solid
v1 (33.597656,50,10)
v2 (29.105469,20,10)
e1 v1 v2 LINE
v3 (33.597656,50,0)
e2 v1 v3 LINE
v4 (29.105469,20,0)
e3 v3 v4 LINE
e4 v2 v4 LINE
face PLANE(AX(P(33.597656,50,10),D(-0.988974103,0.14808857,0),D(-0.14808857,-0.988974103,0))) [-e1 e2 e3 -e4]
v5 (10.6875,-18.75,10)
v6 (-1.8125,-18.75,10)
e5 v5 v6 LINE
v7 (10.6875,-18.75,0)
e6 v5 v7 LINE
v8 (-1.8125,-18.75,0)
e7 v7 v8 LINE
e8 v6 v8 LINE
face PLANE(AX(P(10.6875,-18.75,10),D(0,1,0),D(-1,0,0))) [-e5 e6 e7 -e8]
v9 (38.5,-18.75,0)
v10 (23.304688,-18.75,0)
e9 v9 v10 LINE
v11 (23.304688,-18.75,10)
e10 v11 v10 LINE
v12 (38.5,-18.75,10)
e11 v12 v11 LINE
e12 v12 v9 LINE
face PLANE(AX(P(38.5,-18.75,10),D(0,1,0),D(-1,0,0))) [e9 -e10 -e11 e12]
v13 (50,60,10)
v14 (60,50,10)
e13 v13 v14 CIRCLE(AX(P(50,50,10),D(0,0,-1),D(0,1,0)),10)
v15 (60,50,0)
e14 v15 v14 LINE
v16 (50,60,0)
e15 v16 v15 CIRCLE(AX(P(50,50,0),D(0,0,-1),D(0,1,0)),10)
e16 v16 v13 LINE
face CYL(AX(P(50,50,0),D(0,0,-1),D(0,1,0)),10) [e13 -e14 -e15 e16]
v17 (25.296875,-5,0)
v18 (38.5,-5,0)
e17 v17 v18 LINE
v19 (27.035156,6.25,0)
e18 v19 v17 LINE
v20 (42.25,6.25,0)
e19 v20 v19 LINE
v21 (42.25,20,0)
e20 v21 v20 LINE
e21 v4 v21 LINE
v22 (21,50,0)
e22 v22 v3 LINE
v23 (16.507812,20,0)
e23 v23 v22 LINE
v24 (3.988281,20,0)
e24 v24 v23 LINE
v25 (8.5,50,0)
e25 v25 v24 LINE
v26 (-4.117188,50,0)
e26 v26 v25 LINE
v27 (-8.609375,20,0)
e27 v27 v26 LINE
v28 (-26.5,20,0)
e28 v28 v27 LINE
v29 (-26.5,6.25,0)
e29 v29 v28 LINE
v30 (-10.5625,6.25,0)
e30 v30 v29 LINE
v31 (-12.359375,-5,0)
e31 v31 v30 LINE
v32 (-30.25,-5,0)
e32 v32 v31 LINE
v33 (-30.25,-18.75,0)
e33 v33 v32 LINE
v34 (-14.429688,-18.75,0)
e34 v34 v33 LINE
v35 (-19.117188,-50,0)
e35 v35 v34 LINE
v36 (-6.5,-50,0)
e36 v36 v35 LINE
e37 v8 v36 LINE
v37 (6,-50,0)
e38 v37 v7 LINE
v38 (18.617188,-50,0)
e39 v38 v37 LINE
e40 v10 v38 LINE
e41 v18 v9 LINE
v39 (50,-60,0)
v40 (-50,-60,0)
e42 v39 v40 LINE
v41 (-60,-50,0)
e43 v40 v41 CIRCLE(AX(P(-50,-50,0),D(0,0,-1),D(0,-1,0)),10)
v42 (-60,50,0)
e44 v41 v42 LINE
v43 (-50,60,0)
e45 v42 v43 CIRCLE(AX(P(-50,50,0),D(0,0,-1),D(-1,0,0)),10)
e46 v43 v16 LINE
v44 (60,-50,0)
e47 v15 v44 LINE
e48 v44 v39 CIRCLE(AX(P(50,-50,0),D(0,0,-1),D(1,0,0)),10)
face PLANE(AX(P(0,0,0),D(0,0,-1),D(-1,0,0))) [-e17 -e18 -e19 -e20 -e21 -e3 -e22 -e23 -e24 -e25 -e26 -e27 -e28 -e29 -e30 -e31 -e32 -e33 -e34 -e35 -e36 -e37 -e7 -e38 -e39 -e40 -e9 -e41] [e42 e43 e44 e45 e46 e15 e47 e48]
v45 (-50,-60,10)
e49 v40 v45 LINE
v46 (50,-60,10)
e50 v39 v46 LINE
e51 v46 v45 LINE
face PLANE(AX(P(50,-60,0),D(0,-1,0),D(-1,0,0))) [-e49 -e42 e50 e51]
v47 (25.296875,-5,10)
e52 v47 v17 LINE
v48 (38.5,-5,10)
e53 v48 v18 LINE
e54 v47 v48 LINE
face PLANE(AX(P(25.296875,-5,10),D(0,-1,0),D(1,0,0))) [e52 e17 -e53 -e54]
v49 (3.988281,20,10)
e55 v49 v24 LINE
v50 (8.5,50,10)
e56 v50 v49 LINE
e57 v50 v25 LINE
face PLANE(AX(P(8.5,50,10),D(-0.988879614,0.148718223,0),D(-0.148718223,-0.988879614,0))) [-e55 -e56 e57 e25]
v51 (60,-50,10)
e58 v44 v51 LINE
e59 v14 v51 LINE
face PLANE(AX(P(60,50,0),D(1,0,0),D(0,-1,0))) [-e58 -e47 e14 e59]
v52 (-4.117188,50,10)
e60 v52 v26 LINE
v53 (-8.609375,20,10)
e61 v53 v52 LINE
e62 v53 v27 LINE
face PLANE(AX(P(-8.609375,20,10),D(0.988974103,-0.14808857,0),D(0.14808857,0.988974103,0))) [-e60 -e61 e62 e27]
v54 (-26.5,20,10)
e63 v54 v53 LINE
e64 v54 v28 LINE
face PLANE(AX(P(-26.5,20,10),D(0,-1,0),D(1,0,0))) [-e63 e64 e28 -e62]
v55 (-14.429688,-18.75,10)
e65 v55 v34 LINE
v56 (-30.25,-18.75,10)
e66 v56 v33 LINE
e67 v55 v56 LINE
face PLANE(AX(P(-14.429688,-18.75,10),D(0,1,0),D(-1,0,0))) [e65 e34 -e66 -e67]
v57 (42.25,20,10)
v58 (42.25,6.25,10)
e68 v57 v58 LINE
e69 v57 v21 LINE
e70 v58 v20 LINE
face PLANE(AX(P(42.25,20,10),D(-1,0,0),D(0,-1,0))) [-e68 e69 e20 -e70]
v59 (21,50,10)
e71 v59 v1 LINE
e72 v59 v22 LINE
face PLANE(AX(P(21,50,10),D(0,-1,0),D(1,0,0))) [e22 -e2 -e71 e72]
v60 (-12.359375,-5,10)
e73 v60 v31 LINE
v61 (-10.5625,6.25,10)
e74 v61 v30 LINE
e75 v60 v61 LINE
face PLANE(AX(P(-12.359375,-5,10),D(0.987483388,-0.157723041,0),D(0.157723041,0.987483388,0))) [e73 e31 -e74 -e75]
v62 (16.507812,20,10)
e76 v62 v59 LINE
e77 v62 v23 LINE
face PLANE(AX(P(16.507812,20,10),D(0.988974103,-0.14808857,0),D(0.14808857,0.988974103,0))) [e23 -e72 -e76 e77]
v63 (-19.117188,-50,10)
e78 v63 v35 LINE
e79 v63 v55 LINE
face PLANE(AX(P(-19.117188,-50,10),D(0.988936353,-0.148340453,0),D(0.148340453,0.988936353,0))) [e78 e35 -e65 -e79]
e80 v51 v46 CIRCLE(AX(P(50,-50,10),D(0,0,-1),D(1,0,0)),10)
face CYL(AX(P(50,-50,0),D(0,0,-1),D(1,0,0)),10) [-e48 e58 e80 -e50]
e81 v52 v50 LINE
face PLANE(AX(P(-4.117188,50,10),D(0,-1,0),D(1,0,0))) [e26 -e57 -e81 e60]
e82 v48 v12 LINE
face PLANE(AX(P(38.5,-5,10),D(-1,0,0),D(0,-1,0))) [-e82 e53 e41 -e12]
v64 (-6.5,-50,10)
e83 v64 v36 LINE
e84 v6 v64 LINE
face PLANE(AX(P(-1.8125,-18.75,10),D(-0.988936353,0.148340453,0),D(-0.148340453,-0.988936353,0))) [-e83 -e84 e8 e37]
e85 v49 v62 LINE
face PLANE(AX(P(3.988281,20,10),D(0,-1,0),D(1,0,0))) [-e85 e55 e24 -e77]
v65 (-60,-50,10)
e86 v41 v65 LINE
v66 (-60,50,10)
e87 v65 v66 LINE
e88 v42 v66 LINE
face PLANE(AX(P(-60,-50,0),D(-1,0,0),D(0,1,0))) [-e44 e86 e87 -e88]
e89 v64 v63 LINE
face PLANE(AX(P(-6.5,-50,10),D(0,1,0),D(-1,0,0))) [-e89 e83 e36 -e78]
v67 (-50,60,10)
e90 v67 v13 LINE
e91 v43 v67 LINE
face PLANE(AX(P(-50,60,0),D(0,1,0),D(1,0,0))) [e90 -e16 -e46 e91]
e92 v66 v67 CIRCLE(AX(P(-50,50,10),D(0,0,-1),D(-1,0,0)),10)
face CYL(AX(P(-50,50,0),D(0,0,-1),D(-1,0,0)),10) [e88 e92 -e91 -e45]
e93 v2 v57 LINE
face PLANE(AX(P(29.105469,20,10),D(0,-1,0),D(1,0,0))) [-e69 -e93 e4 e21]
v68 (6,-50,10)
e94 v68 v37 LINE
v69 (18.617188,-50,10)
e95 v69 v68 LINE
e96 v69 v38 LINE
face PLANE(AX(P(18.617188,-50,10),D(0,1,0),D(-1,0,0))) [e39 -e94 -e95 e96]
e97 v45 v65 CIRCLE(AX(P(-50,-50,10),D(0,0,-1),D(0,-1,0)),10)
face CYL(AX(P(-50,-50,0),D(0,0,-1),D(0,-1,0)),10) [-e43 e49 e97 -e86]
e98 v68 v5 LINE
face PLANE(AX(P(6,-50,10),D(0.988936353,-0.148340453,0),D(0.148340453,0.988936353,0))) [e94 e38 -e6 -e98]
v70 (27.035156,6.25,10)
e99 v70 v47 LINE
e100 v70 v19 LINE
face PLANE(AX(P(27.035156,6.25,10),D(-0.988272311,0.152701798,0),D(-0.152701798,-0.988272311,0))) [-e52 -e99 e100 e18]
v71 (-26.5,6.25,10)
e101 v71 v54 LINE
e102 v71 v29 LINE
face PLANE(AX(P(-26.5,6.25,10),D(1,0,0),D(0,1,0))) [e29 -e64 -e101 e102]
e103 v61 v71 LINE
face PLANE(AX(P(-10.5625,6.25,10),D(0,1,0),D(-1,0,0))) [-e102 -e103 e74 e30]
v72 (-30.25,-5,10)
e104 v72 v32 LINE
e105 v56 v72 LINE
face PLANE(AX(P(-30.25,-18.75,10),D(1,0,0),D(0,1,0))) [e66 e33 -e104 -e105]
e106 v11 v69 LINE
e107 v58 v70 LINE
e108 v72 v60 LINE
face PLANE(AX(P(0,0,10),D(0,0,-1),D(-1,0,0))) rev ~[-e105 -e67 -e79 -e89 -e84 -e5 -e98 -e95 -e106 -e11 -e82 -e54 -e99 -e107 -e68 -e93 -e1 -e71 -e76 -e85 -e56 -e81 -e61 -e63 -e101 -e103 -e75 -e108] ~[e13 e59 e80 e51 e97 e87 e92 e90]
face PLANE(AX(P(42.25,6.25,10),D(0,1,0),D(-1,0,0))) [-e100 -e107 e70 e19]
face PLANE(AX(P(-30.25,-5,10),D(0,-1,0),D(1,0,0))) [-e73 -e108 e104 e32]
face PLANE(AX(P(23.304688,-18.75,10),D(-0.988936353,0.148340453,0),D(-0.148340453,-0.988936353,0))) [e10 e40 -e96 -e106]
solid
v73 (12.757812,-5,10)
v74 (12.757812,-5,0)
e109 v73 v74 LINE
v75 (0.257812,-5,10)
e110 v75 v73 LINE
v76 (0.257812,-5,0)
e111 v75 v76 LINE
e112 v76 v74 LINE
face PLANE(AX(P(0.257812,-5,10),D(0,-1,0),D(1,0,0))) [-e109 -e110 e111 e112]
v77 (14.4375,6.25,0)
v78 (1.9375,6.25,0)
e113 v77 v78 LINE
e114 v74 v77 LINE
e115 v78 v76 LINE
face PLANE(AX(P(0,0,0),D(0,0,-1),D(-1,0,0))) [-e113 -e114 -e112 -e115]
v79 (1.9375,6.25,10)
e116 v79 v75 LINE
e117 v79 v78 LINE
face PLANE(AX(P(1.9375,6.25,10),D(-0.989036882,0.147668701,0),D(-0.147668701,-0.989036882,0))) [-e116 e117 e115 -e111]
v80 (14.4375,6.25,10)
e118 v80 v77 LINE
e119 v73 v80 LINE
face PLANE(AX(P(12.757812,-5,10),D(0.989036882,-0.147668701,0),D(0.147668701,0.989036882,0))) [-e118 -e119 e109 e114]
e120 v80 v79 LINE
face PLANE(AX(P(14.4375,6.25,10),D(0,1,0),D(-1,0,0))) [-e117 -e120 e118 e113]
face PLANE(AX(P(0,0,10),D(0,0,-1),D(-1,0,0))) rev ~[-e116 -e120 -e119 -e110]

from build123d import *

# Parameters (mm, degrees)
BOSS_EXTRUDE1_DEPTH = 10
CUT_EXTRUDE11_DEPTH = 10


with BuildPart() as part:
    # Sketch1 → Boss-Extrude1 (new body)
    with BuildSketch(Plane.XY):
        with BuildLine():
            Line((-50, 60), (50, 60))
            ThreePointArc((50, 60), (57.071067812, 57.071067812), (60, 50))
            Line((60, 50), (60, -50))
            ThreePointArc((60, -50), (57.071067812, -57.071067812), (50, -60))
            Line((50, -60), (-50, -60))
            ThreePointArc((-50, -60), (-57.071067812, -57.071067812), (-60, -50))
            Line((-60, -50), (-60, 50))
            ThreePointArc((-60, 50), (-57.071067812, 57.071067812), (-50, 60))
        make_face()
    extrude(amount=BOSS_EXTRUDE1_DEPTH)

    # Sketch2 → Cut-Extrude11 (cut)
    with BuildSketch(Plane.XY.offset(10)):
        Polygon((38.5, -5), (38.5, -18.75), (23.3046875, -18.75), (18.6171875, -50), (6, -50), (10.6875, -18.75), (-1.8125, -18.75), (-6.5, -50), (-19.1171875, -50), (-14.4296875, -18.75), (-30.25, -18.75), (-30.25, -5), (-12.359375, -5), (-10.5625, 6.25), (-26.5, 6.25), (-26.5, 20), (-8.609375, 20), (-4.1171875, 50), (8.5, 50), (3.98828125, 20), (16.5078125, 20), (21, 50), (33.59765625, 50), (29.10546875, 20), (42.25, 20), (42.25, 6.25), (27.03515625, 6.25), (25.296875, -5), align=None)
        Polygon((14.4375, 6.25), (1.9375, 6.25), (0.2578125, -5), (12.7578125, -5), align=None, mode=Mode.SUBTRACT)
    extrude(amount=-CUT_EXTRUDE11_DEPTH, mode=Mode.SUBTRACT)


with BuildPart() as cut_extrude11_piece_1:
    # of the separate pieces the step leaves, piece 1, a body of its own (cut_extrude11_pieces)
    add(part.part.solids().sort_by_distance((-50, 60, 0))[0])


with BuildPart() as cut_extrude11_piece_2:
    # of the separate pieces the step leaves, piece 2, a body of its own (cut_extrude11_pieces)
    add(part.part.solids().sort_by_distance((14.4375, 6.25, 0))[0])


solid = Compound([cut_extrude11_piece_1.part, cut_extrude11_piece_2.part])
